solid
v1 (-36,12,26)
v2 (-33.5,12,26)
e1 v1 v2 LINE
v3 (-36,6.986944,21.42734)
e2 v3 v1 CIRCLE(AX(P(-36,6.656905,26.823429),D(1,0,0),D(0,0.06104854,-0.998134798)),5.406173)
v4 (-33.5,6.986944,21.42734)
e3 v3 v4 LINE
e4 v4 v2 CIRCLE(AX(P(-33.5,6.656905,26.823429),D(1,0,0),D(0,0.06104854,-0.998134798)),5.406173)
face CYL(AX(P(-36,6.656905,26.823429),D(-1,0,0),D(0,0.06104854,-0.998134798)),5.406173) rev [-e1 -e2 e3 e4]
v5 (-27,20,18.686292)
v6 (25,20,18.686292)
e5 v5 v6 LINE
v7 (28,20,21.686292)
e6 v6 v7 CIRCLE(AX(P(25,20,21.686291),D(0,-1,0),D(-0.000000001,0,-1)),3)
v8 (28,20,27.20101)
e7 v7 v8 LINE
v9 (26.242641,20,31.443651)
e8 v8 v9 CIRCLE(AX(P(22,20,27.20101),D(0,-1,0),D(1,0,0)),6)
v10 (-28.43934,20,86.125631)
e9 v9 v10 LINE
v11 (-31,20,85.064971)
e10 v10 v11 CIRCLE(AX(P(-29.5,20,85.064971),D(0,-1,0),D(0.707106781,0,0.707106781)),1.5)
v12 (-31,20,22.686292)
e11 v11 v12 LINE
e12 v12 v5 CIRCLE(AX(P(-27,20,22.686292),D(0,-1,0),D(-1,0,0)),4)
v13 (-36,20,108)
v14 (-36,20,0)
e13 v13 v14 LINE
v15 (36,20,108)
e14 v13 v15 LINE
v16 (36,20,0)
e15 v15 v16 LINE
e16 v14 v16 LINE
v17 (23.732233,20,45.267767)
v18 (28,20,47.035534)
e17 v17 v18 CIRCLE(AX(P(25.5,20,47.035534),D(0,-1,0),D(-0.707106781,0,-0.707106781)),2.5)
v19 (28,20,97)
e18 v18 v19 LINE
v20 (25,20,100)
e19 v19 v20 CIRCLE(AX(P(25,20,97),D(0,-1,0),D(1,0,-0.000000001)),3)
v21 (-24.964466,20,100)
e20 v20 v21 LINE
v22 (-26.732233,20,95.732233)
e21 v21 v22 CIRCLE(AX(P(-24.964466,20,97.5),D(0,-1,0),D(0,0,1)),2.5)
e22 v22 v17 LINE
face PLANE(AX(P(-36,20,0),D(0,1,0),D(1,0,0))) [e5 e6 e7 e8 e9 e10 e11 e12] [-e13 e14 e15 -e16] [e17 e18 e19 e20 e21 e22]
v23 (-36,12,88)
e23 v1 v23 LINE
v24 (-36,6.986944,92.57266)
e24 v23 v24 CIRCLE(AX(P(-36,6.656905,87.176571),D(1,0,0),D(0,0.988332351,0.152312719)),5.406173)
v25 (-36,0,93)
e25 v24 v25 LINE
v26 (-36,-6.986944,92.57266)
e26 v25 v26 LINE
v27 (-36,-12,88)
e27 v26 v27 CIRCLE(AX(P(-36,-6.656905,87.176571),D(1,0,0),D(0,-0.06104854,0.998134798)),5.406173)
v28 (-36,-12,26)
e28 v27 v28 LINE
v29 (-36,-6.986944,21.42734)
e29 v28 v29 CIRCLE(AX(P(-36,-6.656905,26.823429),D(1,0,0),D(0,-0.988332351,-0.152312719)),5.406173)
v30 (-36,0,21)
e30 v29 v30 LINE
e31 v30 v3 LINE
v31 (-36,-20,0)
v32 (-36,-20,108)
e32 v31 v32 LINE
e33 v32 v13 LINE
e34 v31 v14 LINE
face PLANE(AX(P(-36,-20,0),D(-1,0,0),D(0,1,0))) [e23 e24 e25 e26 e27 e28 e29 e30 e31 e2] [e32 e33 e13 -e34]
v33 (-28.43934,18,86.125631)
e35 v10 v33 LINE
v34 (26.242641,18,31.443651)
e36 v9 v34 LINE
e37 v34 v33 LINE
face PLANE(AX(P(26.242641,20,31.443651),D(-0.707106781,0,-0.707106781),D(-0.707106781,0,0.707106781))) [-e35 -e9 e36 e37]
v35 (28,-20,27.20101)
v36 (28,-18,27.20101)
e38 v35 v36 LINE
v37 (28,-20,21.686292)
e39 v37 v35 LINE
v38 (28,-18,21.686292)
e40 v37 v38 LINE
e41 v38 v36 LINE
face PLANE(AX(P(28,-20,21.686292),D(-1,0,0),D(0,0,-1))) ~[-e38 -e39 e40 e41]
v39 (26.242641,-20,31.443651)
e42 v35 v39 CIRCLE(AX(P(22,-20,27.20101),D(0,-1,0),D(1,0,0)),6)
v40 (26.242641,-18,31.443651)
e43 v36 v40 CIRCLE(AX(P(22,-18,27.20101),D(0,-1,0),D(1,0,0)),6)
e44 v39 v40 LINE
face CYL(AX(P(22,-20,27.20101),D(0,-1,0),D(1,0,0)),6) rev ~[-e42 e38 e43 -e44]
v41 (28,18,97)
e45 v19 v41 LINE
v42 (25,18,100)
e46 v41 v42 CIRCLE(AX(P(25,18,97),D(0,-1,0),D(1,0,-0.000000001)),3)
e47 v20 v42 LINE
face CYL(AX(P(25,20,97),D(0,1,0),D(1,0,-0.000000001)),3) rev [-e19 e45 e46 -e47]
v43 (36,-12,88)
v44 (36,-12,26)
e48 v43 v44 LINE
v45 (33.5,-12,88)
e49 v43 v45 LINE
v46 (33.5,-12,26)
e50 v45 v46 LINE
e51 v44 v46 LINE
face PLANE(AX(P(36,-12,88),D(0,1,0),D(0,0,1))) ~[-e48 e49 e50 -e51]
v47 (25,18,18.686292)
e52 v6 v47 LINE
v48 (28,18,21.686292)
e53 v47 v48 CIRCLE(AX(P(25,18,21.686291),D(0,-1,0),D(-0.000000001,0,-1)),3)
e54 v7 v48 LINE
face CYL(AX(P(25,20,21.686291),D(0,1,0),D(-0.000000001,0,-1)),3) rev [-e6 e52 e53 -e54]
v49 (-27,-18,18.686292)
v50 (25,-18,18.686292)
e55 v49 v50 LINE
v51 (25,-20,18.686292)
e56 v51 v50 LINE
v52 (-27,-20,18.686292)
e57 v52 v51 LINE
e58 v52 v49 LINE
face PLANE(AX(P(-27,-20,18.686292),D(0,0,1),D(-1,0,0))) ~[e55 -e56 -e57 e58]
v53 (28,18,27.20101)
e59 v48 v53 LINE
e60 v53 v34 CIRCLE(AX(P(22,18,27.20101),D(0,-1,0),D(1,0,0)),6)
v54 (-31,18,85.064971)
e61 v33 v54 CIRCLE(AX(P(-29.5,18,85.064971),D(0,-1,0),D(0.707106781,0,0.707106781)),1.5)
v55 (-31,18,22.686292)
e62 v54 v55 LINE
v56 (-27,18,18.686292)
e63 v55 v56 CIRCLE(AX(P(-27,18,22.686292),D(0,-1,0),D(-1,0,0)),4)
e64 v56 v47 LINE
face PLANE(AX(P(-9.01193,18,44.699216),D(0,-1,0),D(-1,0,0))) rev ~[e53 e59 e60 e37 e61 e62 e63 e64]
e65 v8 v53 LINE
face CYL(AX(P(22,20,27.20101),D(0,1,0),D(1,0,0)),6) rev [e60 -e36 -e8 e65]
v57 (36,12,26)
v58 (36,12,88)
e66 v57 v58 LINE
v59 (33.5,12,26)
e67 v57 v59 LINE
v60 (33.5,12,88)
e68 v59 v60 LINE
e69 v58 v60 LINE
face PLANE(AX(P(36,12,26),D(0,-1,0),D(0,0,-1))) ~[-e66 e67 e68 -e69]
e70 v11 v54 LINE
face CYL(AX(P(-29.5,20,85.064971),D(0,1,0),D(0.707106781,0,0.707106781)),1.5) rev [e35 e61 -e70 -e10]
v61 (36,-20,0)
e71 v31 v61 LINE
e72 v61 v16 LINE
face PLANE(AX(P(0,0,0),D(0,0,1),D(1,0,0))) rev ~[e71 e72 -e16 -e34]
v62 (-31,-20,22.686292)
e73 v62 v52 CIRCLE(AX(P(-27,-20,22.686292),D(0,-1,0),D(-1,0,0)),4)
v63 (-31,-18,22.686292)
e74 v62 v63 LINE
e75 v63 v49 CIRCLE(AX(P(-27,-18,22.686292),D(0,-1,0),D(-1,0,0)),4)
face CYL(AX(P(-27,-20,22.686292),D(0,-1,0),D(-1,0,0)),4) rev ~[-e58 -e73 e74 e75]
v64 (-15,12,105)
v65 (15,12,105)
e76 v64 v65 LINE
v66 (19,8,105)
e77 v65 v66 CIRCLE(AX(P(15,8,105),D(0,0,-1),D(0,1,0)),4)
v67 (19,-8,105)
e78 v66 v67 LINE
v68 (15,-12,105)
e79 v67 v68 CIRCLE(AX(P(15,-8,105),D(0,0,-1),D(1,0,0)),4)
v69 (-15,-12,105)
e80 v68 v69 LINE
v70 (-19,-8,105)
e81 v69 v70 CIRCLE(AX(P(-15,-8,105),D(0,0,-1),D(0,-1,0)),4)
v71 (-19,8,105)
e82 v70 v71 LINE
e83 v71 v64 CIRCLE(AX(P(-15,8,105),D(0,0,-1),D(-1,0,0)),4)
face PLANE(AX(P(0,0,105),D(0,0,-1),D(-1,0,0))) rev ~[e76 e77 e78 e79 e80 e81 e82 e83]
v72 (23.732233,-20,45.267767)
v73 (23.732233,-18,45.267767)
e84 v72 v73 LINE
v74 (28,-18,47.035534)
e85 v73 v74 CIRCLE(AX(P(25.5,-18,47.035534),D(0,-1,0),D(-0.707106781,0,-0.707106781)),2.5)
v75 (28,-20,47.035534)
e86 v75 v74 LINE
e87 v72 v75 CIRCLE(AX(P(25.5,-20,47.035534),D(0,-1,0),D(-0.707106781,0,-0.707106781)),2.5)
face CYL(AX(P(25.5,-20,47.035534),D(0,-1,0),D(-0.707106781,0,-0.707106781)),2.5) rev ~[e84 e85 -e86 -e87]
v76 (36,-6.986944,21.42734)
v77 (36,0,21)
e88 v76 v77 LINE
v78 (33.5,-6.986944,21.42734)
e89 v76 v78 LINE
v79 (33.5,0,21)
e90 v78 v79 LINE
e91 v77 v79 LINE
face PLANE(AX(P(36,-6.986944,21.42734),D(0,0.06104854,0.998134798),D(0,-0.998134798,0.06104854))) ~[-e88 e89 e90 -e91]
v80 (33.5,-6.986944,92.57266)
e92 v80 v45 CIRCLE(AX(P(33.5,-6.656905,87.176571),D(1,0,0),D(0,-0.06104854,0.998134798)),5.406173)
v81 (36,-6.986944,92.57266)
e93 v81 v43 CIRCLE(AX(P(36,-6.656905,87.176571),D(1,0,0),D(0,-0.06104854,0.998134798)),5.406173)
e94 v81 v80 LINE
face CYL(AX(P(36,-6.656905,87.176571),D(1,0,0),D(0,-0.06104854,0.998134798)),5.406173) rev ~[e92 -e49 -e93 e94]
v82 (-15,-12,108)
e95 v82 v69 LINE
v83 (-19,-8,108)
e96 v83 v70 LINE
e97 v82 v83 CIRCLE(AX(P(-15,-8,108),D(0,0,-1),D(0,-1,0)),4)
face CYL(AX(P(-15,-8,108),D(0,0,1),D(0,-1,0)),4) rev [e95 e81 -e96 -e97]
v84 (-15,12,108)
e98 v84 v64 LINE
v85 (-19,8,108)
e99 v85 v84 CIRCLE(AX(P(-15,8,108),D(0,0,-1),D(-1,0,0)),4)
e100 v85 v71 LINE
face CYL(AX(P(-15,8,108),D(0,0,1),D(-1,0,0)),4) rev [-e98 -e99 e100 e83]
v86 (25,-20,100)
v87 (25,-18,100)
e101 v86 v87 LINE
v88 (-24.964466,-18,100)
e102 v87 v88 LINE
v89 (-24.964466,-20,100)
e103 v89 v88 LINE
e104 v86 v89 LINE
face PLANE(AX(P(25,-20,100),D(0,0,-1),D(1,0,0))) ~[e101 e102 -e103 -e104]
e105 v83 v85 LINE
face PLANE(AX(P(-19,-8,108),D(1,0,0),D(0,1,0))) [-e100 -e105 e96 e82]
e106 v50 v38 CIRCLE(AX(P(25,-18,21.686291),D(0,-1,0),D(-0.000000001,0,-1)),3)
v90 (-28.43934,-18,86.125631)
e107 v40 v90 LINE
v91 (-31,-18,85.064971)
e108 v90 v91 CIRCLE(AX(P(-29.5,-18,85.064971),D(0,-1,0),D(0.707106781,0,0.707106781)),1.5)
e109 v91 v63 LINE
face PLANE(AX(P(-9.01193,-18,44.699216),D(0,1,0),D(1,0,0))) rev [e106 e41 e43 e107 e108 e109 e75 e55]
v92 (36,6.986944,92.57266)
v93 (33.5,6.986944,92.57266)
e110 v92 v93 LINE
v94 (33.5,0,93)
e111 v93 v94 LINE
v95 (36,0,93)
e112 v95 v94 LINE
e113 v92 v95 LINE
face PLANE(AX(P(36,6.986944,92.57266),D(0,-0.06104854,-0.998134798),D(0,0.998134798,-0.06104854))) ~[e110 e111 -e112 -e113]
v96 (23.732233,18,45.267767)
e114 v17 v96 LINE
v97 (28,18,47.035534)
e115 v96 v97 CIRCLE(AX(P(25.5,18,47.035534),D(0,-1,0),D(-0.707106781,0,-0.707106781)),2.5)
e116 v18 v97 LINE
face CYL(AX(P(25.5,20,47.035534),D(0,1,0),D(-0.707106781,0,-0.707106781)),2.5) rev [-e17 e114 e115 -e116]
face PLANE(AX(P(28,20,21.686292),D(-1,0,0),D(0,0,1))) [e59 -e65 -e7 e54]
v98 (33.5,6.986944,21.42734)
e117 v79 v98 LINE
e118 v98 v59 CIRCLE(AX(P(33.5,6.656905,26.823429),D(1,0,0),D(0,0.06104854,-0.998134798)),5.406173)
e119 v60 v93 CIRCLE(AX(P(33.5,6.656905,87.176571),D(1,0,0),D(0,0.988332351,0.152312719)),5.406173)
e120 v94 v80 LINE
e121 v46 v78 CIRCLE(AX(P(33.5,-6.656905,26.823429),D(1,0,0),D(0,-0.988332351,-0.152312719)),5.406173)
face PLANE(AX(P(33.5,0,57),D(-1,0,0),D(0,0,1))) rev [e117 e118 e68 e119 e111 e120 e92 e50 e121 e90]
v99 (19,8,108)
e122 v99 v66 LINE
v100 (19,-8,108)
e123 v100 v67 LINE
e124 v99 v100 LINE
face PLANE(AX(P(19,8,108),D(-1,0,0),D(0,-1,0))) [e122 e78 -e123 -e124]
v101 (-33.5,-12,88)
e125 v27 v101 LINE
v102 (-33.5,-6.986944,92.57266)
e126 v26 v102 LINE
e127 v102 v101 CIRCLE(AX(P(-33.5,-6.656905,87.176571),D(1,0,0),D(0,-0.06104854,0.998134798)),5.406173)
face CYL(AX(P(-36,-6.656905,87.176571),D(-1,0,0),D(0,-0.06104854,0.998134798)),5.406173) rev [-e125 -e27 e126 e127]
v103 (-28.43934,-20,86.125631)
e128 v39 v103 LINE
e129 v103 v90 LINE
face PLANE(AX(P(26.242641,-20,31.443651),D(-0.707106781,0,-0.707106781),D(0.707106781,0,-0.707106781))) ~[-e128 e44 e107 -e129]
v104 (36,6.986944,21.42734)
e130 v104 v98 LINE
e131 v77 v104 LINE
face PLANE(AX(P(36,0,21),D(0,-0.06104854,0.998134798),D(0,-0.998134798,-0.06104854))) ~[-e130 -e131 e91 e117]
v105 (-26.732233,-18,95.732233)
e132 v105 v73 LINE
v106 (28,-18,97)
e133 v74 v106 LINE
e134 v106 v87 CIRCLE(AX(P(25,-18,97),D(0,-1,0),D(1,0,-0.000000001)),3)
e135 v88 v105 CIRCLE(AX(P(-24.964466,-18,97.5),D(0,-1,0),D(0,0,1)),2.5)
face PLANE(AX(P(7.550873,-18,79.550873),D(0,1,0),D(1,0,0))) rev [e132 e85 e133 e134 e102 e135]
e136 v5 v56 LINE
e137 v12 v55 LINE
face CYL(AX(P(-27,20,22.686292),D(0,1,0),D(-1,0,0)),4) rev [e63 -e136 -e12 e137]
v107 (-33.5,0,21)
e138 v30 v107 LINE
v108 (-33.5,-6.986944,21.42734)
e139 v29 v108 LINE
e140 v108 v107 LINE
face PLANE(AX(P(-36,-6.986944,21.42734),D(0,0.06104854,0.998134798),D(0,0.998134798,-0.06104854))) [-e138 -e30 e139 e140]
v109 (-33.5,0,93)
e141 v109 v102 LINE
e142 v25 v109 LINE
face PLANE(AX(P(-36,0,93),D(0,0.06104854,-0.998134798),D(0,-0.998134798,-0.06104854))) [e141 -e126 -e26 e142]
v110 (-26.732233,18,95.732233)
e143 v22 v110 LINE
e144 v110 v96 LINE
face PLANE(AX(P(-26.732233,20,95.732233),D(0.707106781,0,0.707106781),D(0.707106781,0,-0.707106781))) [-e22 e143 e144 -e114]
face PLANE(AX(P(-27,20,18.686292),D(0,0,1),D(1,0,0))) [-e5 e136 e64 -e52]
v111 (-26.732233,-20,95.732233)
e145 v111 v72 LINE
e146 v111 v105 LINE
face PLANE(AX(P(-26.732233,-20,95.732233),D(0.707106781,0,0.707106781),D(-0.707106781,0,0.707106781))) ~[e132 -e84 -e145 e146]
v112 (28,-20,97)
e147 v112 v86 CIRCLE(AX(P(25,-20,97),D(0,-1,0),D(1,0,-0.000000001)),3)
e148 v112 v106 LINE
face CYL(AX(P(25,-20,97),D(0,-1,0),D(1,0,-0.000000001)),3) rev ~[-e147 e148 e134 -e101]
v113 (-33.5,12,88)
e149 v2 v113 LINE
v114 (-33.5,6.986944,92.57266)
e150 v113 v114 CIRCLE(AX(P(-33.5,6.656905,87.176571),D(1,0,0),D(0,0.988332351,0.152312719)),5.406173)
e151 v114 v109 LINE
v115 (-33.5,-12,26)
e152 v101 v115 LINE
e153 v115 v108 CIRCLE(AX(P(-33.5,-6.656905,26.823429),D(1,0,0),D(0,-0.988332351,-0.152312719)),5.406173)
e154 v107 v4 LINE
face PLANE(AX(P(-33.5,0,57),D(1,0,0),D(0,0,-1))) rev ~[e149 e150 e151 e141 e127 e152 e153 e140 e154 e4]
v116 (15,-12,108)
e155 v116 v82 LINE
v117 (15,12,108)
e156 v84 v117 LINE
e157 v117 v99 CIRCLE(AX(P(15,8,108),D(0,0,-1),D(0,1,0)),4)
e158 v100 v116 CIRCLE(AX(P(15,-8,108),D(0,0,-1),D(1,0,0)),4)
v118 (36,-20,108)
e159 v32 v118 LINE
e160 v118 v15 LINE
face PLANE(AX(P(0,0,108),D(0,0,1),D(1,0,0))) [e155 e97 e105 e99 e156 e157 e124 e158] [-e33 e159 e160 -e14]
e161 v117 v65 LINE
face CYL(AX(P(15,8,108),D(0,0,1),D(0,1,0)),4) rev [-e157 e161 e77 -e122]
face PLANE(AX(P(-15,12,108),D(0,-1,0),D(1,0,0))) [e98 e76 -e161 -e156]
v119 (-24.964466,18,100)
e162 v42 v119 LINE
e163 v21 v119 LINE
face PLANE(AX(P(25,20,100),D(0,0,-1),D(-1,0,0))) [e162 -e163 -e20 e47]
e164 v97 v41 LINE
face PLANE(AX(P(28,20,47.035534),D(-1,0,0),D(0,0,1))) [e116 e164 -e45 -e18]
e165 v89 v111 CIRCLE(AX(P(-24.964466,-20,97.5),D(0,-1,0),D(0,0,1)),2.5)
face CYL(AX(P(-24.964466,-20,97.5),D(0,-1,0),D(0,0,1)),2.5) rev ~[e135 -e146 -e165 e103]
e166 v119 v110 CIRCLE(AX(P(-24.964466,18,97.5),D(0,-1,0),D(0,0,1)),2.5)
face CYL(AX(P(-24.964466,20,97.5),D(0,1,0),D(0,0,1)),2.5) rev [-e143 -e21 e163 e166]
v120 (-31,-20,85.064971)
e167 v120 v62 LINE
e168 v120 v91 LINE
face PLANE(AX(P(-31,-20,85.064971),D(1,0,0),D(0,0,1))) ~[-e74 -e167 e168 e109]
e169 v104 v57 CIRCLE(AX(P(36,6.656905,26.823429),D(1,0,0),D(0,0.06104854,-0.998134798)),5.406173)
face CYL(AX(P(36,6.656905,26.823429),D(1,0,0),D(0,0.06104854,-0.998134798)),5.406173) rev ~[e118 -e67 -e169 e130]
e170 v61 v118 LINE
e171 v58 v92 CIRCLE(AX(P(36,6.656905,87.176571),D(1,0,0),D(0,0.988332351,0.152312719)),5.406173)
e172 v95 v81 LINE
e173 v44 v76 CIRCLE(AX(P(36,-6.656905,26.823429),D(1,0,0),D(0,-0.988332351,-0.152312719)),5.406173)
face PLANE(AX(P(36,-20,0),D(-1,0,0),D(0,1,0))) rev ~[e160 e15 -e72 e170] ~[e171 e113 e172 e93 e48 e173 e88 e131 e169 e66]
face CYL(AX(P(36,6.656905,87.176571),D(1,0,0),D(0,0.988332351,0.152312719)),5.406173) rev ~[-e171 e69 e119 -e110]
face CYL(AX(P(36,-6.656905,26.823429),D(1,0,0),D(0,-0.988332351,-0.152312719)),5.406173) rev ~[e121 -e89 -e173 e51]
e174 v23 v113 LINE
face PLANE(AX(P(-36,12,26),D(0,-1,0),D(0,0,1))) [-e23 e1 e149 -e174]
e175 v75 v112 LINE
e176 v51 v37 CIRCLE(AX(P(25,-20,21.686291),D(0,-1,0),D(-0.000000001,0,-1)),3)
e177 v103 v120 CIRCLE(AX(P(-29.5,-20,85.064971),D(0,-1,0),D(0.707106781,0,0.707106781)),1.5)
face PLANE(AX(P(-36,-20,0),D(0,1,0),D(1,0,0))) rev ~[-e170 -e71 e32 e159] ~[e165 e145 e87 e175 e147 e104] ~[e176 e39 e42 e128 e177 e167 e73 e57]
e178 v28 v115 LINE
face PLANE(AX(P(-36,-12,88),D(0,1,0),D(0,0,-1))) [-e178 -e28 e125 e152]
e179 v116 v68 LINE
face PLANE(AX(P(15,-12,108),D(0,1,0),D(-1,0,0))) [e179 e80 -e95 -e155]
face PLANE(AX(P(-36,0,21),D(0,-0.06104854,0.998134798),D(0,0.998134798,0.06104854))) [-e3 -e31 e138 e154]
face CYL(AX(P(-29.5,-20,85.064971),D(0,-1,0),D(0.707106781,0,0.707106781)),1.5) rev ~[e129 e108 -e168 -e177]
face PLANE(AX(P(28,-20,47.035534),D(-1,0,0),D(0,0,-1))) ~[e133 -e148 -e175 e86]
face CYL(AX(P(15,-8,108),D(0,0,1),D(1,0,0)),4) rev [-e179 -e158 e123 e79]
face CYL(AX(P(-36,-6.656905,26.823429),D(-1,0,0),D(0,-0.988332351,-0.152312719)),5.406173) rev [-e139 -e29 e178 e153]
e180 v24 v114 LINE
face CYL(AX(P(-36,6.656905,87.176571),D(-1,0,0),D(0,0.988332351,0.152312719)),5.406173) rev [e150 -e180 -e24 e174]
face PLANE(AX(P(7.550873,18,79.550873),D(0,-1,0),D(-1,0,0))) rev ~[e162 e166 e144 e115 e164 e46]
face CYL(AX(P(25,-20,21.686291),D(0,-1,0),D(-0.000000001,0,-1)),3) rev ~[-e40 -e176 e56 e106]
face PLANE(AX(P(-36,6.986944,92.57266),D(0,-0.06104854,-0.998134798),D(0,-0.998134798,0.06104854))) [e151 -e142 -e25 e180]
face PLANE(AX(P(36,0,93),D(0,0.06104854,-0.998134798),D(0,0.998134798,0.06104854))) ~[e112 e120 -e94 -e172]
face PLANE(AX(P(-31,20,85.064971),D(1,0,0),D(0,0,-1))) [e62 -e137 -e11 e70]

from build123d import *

# Parameters (mm, degrees)
SKETCH_1_W          = 72
SKETCH_1_H          = 40
EXTRUDE_1_DEPTH     = 108
SKETCH_1_2_W        = 72
SKETCH_1_2_H        = 40
EXTRUDE_2_DEPTH     = 105
CUT_EXTRUDE_1_DEPTH = 2.5
CUT_EXTRUDE_2_DEPTH = 2
CUT_EXTRUDE_3_DEPTH = 3


with BuildPart() as part:
    # 草图1 → 凸台-拉伸1 (new body)
    with BuildSketch(Plane.XY):
        Rectangle(SKETCH_1_W, SKETCH_1_H)
    extrude(amount=EXTRUDE_1_DEPTH)

    # 草图1<2> → 凸台-拉伸2 (add)
    with BuildSketch(Plane.XY):
        Rectangle(SKETCH_1_2_W, SKETCH_1_2_H)
    extrude(amount=EXTRUDE_2_DEPTH)

    # 草图2 → 切除-拉伸1 (cut)
    with BuildSketch(Plane.ZY.offset(36)):
        with BuildLine():
            Line((26, 12), (88, 12))
            ThreePointArc((88, 12), (91.170727435, 10.300174957), (92.572660223, 6.986943589))
            Line((92.572660223, 6.986943589), (93, 0))
            Line((93, 0), (92.572660223, -6.986943589))
            ThreePointArc((92.572660223, -6.986943589), (91.170727435, -10.300174957), (88, -12))
            Line((88, -12), (26, -12))
            ThreePointArc((26, -12), (22.829272565, -10.300174957), (21.427339777, -6.986943589))
            Line((21.427339777, -6.986943589), (21, 0))
            Line((21, 0), (21.427339777, 6.986943589))
            ThreePointArc((21.427339777, 6.986943589), (22.829272565, 10.300174957), (26, 12))
        make_face()
    cut_extrude_1 = extrude(amount=-CUT_EXTRUDE_1_DEPTH, mode=Mode.SUBTRACT)

    # 草图3 → 切除-拉伸2 (cut)
    with BuildSketch(Plane(origin=(0, 20, 0), x_dir=(1, 0, 0), z_dir=(0, 1, 0))):
        with BuildLine():
            Line((25, -100), (-24.964466094, -100))
            ThreePointArc((-24.964466094, -100), (-27.274164925, -98.456708581), (-26.732233047, -95.732233047))
            Line((-26.732233047, -95.732233047), (23.732233047, -45.267766953))
            ThreePointArc((23.732233047, -45.267766953), (26.456708581, -44.725835075), (28, -47.035533906))
            Line((28, -47.035533906), (28, -97))
            ThreePointArc((28, -97), (27.121320344, -99.121320344), (25, -100))
        make_face()
        with BuildLine():
            Line((-31, -85.064971157), (-31, -22.686291501))
            ThreePointArc((-31, -22.686291501), (-29.828427125, -19.857864376), (-27, -18.686291501))
            Line((-27, -18.686291501), (25, -18.686291501))
            ThreePointArc((25, -18.686291501), (27.121320344, -19.564971157), (28, -21.686291501))
            Line((28, -21.686291501), (28, -27.201010127))
            ThreePointArc((28, -27.201010127), (27.543277195, -29.497110721), (26.242640687, -31.443650814))
            Line((26.242640687, -31.443650814), (-28.439339828, -86.125631329))
            ThreePointArc((-28.439339828, -86.125631329), (-30.074025149, -86.450790456), (-31, -85.064971157))
        make_face()
    cut_extrude_2 = extrude(amount=-CUT_EXTRUDE_2_DEPTH, mode=Mode.SUBTRACT)

    # 镜向1: 切除-拉伸2 across plane
    add(cut_extrude_2.mirror(Plane.ZX), mode=Mode.SUBTRACT)

    # 镜向2: 切除-拉伸1 across plane
    add(cut_extrude_1.mirror(Plane.ZY), mode=Mode.SUBTRACT)

    # 草图5 → 切除-拉伸3 (cut)
    with BuildSketch(Plane.XY.offset(108)):
        with BuildLine():
            Line((15, -12), (-15, -12))
            ThreePointArc((-15, -12), (-17.828427125, -10.828427125), (-19, -8))
            Line((-19, -8), (-19, 8))
            ThreePointArc((-19, 8), (-17.828427125, 10.828427125), (-15, 12))
            Line((-15, 12), (15, 12))
            ThreePointArc((15, 12), (17.828427125, 10.828427125), (19, 8))
            Line((19, 8), (19, -8))
            ThreePointArc((19, -8), (17.828427125, -10.828427125), (15, -12))
        make_face()
    extrude(amount=-CUT_EXTRUDE_3_DEPTH, mode=Mode.SUBTRACT)


solid = part.part
